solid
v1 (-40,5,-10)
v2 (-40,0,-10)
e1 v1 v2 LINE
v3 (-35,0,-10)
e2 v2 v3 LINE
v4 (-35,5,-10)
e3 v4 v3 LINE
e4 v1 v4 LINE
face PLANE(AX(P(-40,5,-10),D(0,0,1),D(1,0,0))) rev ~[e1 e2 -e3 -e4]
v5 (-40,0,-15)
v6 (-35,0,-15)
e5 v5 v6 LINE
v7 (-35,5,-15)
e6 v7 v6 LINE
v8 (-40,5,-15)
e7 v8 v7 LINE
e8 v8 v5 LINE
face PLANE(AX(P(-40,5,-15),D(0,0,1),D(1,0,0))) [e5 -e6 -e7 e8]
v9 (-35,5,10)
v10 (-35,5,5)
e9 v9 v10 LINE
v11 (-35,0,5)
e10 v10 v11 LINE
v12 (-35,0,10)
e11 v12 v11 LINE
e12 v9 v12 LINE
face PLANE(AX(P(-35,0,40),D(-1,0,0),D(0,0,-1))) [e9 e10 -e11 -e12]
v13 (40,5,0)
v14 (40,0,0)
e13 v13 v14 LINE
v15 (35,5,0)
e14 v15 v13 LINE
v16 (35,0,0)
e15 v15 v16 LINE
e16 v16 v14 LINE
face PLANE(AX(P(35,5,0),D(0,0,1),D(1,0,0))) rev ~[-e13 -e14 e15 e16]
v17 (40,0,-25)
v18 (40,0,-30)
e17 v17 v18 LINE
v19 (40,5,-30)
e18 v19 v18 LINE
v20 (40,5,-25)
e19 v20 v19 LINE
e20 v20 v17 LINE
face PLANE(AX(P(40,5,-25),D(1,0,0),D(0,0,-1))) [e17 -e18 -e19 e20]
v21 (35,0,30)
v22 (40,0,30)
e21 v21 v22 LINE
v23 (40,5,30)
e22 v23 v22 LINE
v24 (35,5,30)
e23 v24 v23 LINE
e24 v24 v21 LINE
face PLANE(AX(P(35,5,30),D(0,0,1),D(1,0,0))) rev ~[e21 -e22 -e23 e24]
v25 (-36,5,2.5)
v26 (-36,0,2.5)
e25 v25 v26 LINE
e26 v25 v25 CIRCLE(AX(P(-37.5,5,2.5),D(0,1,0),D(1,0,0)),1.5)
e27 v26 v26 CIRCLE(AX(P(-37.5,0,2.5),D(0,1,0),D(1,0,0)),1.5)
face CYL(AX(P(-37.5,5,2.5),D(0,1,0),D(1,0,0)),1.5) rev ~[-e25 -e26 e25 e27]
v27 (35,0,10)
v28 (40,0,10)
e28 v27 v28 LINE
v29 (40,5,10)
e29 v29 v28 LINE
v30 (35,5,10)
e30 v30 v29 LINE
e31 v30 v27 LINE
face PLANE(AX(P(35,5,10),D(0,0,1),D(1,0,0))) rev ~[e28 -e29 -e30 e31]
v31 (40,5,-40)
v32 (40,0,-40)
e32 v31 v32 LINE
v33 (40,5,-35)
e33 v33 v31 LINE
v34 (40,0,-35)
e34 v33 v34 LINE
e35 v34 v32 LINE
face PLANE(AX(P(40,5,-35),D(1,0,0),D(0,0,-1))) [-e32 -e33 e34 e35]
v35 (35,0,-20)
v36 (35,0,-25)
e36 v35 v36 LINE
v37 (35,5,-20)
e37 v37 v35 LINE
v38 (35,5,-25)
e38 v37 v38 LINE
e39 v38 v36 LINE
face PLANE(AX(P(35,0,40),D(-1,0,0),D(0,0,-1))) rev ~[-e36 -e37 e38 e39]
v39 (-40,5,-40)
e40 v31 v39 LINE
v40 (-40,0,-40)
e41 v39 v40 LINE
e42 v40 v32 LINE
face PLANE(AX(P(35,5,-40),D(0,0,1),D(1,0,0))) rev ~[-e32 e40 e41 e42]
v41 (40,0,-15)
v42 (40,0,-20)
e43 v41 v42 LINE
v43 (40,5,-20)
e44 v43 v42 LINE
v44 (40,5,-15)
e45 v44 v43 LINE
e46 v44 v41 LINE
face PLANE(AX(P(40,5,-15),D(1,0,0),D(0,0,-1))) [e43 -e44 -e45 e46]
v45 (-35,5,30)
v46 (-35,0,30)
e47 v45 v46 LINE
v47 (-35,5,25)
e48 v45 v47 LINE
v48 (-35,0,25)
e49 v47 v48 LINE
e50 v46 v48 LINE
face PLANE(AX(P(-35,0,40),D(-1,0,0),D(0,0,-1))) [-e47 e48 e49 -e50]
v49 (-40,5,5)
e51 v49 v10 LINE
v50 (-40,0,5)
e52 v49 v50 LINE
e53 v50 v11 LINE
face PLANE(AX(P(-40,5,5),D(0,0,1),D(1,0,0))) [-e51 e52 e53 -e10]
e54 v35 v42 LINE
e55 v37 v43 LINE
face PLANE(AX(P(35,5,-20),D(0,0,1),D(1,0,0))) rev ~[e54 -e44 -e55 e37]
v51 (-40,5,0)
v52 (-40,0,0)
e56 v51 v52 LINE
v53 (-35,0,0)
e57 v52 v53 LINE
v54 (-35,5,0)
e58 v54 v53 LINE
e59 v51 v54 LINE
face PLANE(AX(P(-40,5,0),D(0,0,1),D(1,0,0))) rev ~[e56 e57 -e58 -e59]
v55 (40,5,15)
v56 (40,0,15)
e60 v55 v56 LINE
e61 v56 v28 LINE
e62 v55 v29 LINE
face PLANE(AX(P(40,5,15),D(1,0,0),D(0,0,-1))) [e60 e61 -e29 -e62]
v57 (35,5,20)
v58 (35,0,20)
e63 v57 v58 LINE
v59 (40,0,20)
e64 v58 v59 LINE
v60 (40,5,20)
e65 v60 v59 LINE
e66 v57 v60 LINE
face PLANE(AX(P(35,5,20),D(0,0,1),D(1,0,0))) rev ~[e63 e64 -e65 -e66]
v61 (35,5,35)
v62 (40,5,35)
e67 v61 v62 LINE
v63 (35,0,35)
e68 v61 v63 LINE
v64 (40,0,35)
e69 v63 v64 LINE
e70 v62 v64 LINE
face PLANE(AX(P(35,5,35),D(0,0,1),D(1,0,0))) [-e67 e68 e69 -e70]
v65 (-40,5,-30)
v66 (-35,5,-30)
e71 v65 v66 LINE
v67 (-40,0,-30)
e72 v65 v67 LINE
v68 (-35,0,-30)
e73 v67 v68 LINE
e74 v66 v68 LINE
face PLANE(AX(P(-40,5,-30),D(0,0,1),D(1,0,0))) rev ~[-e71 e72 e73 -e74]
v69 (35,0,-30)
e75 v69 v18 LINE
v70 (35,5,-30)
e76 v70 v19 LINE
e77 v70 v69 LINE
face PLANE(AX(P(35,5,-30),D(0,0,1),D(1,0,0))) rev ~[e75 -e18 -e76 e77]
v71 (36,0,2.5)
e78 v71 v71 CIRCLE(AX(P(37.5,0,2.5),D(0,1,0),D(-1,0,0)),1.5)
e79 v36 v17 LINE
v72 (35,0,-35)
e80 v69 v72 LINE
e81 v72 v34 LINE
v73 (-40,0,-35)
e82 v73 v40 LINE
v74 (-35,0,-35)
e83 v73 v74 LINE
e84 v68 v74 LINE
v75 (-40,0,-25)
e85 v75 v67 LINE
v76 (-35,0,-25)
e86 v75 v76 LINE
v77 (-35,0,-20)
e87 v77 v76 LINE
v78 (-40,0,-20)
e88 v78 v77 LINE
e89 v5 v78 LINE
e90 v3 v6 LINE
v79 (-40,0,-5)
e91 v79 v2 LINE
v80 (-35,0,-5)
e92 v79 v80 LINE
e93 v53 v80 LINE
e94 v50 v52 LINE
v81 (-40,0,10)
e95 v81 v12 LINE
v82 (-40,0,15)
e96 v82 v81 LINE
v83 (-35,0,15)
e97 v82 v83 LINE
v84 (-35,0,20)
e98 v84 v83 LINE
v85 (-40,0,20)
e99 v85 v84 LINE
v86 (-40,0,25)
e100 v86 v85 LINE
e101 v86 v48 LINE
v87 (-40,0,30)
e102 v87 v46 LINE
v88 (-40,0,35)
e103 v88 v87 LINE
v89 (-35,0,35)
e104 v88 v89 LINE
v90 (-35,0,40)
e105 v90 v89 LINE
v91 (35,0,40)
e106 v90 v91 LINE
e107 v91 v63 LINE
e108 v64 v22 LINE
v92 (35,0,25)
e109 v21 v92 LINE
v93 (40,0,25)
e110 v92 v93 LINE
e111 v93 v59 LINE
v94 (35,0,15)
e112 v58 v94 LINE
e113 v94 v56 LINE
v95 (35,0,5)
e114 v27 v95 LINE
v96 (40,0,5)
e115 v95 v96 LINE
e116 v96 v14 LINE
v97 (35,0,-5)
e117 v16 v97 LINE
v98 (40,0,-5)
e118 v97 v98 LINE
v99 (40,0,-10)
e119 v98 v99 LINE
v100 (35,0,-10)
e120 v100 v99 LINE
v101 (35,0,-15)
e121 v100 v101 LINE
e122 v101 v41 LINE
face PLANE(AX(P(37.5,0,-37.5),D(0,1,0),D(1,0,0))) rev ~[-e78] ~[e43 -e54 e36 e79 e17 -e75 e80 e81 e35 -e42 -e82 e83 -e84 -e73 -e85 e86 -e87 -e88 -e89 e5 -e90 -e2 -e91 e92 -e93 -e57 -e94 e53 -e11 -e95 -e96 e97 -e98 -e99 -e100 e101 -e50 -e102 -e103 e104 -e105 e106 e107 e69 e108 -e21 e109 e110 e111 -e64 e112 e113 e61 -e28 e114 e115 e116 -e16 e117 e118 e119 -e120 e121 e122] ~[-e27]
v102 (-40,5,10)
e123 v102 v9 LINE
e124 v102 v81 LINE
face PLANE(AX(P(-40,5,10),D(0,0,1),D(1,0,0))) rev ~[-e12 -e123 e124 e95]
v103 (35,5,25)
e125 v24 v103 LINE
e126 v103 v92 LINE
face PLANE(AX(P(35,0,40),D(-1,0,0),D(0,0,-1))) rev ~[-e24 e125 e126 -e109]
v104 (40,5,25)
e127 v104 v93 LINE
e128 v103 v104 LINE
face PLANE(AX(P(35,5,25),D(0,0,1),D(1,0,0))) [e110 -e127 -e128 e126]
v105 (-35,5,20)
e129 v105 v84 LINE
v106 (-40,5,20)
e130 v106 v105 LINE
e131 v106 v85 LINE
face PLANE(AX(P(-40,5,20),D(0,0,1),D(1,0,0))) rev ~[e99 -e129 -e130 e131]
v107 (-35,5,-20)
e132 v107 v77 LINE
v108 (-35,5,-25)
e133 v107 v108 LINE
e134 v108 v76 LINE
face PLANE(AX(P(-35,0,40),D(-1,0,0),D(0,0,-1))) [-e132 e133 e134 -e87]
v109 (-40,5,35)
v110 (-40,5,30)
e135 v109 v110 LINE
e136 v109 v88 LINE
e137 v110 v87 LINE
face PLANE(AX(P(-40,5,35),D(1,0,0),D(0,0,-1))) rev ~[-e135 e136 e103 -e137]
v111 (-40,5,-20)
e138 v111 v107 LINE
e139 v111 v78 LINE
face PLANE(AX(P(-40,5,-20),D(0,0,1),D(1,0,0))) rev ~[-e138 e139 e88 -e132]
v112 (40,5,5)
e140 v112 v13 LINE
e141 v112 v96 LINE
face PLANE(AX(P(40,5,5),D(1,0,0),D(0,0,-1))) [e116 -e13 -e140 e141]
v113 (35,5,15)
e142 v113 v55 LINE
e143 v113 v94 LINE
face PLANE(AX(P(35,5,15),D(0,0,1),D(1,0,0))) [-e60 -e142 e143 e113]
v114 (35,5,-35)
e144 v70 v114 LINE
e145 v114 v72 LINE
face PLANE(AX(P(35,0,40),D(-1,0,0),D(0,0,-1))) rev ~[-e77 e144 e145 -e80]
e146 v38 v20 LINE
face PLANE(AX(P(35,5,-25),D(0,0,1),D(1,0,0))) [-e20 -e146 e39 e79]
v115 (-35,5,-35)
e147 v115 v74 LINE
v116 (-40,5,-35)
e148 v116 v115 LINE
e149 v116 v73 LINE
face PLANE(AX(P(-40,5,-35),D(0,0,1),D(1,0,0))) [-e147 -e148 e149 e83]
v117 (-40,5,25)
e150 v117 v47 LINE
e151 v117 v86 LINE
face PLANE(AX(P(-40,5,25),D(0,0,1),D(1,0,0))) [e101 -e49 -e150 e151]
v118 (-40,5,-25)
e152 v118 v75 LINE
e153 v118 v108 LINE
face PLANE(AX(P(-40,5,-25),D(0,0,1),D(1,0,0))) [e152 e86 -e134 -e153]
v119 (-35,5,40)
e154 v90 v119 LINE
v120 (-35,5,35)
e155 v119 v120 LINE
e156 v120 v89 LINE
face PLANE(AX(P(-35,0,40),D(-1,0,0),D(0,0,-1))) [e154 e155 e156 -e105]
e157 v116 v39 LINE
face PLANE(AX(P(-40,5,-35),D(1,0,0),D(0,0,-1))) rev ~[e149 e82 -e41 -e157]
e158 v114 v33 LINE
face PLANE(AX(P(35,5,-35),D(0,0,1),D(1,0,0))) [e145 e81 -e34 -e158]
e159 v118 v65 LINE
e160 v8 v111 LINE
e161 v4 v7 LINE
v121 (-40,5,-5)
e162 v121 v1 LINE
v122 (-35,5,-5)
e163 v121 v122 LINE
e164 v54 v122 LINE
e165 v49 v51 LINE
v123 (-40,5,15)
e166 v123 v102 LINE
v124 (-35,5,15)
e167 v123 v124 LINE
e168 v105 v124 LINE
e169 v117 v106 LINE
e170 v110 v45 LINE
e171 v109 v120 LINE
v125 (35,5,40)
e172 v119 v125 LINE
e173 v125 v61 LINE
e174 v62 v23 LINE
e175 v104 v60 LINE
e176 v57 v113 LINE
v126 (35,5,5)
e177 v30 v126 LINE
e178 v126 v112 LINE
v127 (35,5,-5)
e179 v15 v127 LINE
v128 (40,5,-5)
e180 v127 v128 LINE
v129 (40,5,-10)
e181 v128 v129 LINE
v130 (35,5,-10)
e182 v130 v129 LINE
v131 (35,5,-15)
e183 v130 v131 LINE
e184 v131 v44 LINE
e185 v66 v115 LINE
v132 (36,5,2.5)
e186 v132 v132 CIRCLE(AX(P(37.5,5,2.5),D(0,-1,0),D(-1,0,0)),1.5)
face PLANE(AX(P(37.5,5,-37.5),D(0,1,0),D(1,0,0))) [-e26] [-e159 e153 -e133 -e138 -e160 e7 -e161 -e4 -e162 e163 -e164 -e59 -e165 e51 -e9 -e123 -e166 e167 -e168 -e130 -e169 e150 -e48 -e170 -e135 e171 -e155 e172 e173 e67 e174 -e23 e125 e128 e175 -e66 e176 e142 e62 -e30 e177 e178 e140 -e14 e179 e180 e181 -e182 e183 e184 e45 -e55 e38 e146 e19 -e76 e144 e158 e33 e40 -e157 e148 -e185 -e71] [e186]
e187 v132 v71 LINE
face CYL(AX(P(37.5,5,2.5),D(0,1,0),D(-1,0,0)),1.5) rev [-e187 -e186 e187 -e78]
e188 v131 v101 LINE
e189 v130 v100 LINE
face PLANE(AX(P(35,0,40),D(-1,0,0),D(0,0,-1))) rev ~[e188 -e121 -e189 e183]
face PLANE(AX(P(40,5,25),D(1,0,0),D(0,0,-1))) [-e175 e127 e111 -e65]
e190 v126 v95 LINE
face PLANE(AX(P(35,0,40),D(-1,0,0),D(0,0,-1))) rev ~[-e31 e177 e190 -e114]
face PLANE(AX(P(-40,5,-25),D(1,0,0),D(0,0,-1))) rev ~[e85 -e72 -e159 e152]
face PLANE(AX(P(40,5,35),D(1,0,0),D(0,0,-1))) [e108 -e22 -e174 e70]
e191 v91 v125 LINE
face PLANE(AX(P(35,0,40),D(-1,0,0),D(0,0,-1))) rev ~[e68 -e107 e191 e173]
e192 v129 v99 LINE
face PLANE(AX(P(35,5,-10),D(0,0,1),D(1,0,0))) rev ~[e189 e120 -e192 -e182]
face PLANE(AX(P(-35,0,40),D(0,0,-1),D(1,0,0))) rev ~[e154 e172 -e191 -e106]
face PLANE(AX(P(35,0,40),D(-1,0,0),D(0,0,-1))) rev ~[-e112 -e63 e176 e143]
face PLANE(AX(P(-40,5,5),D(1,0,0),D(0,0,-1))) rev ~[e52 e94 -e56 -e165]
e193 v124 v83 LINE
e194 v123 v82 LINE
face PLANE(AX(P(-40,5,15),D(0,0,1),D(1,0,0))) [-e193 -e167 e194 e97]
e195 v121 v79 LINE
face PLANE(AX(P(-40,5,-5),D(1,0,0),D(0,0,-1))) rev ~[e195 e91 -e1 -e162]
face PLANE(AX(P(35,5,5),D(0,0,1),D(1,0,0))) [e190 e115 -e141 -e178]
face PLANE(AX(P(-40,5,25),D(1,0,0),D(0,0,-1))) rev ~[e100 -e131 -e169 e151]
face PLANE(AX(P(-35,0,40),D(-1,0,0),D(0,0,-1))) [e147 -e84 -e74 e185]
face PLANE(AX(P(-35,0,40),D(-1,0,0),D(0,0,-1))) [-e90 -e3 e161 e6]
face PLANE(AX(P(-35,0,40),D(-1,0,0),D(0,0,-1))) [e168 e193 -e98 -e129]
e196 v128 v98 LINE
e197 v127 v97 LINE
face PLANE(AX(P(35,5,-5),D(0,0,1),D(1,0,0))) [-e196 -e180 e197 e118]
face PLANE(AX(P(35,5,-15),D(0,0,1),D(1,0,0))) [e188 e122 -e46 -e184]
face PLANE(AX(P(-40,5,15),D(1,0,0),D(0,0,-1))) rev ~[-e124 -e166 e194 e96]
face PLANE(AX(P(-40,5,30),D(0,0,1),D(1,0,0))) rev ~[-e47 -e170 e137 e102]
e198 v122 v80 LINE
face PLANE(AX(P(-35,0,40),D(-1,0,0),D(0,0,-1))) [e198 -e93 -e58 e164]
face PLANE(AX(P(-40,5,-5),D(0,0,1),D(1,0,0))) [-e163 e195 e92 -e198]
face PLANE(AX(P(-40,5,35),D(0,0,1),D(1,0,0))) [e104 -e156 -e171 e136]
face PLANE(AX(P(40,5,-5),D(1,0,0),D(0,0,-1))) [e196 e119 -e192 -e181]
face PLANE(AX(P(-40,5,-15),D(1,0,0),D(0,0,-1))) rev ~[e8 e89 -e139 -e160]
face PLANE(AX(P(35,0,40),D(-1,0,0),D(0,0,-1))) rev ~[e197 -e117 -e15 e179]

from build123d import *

# Parameters (mm, degrees)
ESQUISSE1_W                     = 70
ESQUISSE1_H                     = 80
BOSS_EXTRU_1_DEPTH              = 5
ESQUISSE2_W                     = 5
ESQUISSE2_H                     = 5
BOSS_EXTRU_2_DEPTH              = 5
R_P_TITION_LIN_AIRE1_COUNT      = 2
R_P_TITION_LIN_AIRE1_PITCH      = 75
R_P_TITION_LIN_AIRE1_COUNT_DIR2 = 8
R_P_TITION_LIN_AIRE1_PITCH_DIR2 = 10
ESQUISSE3_R                     = 1.5
ENL_V_MAT_EXTRU_1_DEPTH         = 10


with BuildPart() as part:
    # Esquisse1 → Boss.-Extru.1 (new body)
    with BuildSketch(Plane(origin=(0, 0, 0), x_dir=(1, 0, 0), z_dir=(0, 1, 0))):
        Rectangle(ESQUISSE1_W, ESQUISSE1_H)
    extrude(amount=BOSS_EXTRU_1_DEPTH)

    # Esquisse2 → Boss.-Extru.2 (add)
    with BuildSketch(Plane(origin=(0, 5, 0), x_dir=(1, 0, 0), z_dir=(0, 1, 0))):
        with Locations((-37.5, 37.5)):
            Rectangle(ESQUISSE2_W, ESQUISSE2_H)
    boss_extru_2 = extrude(amount=-BOSS_EXTRU_2_DEPTH)

    # Répétition linéaire1: Boss.-Extru.2 2 × 8
    with Locations(*[(i * R_P_TITION_LIN_AIRE1_PITCH, 0, j * R_P_TITION_LIN_AIRE1_PITCH_DIR2) for i in range(R_P_TITION_LIN_AIRE1_COUNT) for j in range(R_P_TITION_LIN_AIRE1_COUNT_DIR2) if (i, j) != (0, 0)]):
        add(boss_extru_2)

    # Esquisse3 → Enlèv. mat.-Extru.1 (cut)
    with BuildSketch(Plane(origin=(0, 5, 0), x_dir=(1, 0, 0), z_dir=(0, 1, 0))):
        with Locations((-37.5, -2.5)):
            Circle(ESQUISSE3_R)
    enl_v_mat_extru_1 = extrude(amount=-ENL_V_MAT_EXTRU_1_DEPTH, mode=Mode.SUBTRACT)

    # Symétrie1: Enlèv. mat.-Extru.1 across plane
    add(enl_v_mat_extru_1.mirror(Plane(origin=(0, 0, 0), x_dir=(0, 0, 1), z_dir=(1, 0, 0))), mode=Mode.SUBTRACT)


solid = part.part
